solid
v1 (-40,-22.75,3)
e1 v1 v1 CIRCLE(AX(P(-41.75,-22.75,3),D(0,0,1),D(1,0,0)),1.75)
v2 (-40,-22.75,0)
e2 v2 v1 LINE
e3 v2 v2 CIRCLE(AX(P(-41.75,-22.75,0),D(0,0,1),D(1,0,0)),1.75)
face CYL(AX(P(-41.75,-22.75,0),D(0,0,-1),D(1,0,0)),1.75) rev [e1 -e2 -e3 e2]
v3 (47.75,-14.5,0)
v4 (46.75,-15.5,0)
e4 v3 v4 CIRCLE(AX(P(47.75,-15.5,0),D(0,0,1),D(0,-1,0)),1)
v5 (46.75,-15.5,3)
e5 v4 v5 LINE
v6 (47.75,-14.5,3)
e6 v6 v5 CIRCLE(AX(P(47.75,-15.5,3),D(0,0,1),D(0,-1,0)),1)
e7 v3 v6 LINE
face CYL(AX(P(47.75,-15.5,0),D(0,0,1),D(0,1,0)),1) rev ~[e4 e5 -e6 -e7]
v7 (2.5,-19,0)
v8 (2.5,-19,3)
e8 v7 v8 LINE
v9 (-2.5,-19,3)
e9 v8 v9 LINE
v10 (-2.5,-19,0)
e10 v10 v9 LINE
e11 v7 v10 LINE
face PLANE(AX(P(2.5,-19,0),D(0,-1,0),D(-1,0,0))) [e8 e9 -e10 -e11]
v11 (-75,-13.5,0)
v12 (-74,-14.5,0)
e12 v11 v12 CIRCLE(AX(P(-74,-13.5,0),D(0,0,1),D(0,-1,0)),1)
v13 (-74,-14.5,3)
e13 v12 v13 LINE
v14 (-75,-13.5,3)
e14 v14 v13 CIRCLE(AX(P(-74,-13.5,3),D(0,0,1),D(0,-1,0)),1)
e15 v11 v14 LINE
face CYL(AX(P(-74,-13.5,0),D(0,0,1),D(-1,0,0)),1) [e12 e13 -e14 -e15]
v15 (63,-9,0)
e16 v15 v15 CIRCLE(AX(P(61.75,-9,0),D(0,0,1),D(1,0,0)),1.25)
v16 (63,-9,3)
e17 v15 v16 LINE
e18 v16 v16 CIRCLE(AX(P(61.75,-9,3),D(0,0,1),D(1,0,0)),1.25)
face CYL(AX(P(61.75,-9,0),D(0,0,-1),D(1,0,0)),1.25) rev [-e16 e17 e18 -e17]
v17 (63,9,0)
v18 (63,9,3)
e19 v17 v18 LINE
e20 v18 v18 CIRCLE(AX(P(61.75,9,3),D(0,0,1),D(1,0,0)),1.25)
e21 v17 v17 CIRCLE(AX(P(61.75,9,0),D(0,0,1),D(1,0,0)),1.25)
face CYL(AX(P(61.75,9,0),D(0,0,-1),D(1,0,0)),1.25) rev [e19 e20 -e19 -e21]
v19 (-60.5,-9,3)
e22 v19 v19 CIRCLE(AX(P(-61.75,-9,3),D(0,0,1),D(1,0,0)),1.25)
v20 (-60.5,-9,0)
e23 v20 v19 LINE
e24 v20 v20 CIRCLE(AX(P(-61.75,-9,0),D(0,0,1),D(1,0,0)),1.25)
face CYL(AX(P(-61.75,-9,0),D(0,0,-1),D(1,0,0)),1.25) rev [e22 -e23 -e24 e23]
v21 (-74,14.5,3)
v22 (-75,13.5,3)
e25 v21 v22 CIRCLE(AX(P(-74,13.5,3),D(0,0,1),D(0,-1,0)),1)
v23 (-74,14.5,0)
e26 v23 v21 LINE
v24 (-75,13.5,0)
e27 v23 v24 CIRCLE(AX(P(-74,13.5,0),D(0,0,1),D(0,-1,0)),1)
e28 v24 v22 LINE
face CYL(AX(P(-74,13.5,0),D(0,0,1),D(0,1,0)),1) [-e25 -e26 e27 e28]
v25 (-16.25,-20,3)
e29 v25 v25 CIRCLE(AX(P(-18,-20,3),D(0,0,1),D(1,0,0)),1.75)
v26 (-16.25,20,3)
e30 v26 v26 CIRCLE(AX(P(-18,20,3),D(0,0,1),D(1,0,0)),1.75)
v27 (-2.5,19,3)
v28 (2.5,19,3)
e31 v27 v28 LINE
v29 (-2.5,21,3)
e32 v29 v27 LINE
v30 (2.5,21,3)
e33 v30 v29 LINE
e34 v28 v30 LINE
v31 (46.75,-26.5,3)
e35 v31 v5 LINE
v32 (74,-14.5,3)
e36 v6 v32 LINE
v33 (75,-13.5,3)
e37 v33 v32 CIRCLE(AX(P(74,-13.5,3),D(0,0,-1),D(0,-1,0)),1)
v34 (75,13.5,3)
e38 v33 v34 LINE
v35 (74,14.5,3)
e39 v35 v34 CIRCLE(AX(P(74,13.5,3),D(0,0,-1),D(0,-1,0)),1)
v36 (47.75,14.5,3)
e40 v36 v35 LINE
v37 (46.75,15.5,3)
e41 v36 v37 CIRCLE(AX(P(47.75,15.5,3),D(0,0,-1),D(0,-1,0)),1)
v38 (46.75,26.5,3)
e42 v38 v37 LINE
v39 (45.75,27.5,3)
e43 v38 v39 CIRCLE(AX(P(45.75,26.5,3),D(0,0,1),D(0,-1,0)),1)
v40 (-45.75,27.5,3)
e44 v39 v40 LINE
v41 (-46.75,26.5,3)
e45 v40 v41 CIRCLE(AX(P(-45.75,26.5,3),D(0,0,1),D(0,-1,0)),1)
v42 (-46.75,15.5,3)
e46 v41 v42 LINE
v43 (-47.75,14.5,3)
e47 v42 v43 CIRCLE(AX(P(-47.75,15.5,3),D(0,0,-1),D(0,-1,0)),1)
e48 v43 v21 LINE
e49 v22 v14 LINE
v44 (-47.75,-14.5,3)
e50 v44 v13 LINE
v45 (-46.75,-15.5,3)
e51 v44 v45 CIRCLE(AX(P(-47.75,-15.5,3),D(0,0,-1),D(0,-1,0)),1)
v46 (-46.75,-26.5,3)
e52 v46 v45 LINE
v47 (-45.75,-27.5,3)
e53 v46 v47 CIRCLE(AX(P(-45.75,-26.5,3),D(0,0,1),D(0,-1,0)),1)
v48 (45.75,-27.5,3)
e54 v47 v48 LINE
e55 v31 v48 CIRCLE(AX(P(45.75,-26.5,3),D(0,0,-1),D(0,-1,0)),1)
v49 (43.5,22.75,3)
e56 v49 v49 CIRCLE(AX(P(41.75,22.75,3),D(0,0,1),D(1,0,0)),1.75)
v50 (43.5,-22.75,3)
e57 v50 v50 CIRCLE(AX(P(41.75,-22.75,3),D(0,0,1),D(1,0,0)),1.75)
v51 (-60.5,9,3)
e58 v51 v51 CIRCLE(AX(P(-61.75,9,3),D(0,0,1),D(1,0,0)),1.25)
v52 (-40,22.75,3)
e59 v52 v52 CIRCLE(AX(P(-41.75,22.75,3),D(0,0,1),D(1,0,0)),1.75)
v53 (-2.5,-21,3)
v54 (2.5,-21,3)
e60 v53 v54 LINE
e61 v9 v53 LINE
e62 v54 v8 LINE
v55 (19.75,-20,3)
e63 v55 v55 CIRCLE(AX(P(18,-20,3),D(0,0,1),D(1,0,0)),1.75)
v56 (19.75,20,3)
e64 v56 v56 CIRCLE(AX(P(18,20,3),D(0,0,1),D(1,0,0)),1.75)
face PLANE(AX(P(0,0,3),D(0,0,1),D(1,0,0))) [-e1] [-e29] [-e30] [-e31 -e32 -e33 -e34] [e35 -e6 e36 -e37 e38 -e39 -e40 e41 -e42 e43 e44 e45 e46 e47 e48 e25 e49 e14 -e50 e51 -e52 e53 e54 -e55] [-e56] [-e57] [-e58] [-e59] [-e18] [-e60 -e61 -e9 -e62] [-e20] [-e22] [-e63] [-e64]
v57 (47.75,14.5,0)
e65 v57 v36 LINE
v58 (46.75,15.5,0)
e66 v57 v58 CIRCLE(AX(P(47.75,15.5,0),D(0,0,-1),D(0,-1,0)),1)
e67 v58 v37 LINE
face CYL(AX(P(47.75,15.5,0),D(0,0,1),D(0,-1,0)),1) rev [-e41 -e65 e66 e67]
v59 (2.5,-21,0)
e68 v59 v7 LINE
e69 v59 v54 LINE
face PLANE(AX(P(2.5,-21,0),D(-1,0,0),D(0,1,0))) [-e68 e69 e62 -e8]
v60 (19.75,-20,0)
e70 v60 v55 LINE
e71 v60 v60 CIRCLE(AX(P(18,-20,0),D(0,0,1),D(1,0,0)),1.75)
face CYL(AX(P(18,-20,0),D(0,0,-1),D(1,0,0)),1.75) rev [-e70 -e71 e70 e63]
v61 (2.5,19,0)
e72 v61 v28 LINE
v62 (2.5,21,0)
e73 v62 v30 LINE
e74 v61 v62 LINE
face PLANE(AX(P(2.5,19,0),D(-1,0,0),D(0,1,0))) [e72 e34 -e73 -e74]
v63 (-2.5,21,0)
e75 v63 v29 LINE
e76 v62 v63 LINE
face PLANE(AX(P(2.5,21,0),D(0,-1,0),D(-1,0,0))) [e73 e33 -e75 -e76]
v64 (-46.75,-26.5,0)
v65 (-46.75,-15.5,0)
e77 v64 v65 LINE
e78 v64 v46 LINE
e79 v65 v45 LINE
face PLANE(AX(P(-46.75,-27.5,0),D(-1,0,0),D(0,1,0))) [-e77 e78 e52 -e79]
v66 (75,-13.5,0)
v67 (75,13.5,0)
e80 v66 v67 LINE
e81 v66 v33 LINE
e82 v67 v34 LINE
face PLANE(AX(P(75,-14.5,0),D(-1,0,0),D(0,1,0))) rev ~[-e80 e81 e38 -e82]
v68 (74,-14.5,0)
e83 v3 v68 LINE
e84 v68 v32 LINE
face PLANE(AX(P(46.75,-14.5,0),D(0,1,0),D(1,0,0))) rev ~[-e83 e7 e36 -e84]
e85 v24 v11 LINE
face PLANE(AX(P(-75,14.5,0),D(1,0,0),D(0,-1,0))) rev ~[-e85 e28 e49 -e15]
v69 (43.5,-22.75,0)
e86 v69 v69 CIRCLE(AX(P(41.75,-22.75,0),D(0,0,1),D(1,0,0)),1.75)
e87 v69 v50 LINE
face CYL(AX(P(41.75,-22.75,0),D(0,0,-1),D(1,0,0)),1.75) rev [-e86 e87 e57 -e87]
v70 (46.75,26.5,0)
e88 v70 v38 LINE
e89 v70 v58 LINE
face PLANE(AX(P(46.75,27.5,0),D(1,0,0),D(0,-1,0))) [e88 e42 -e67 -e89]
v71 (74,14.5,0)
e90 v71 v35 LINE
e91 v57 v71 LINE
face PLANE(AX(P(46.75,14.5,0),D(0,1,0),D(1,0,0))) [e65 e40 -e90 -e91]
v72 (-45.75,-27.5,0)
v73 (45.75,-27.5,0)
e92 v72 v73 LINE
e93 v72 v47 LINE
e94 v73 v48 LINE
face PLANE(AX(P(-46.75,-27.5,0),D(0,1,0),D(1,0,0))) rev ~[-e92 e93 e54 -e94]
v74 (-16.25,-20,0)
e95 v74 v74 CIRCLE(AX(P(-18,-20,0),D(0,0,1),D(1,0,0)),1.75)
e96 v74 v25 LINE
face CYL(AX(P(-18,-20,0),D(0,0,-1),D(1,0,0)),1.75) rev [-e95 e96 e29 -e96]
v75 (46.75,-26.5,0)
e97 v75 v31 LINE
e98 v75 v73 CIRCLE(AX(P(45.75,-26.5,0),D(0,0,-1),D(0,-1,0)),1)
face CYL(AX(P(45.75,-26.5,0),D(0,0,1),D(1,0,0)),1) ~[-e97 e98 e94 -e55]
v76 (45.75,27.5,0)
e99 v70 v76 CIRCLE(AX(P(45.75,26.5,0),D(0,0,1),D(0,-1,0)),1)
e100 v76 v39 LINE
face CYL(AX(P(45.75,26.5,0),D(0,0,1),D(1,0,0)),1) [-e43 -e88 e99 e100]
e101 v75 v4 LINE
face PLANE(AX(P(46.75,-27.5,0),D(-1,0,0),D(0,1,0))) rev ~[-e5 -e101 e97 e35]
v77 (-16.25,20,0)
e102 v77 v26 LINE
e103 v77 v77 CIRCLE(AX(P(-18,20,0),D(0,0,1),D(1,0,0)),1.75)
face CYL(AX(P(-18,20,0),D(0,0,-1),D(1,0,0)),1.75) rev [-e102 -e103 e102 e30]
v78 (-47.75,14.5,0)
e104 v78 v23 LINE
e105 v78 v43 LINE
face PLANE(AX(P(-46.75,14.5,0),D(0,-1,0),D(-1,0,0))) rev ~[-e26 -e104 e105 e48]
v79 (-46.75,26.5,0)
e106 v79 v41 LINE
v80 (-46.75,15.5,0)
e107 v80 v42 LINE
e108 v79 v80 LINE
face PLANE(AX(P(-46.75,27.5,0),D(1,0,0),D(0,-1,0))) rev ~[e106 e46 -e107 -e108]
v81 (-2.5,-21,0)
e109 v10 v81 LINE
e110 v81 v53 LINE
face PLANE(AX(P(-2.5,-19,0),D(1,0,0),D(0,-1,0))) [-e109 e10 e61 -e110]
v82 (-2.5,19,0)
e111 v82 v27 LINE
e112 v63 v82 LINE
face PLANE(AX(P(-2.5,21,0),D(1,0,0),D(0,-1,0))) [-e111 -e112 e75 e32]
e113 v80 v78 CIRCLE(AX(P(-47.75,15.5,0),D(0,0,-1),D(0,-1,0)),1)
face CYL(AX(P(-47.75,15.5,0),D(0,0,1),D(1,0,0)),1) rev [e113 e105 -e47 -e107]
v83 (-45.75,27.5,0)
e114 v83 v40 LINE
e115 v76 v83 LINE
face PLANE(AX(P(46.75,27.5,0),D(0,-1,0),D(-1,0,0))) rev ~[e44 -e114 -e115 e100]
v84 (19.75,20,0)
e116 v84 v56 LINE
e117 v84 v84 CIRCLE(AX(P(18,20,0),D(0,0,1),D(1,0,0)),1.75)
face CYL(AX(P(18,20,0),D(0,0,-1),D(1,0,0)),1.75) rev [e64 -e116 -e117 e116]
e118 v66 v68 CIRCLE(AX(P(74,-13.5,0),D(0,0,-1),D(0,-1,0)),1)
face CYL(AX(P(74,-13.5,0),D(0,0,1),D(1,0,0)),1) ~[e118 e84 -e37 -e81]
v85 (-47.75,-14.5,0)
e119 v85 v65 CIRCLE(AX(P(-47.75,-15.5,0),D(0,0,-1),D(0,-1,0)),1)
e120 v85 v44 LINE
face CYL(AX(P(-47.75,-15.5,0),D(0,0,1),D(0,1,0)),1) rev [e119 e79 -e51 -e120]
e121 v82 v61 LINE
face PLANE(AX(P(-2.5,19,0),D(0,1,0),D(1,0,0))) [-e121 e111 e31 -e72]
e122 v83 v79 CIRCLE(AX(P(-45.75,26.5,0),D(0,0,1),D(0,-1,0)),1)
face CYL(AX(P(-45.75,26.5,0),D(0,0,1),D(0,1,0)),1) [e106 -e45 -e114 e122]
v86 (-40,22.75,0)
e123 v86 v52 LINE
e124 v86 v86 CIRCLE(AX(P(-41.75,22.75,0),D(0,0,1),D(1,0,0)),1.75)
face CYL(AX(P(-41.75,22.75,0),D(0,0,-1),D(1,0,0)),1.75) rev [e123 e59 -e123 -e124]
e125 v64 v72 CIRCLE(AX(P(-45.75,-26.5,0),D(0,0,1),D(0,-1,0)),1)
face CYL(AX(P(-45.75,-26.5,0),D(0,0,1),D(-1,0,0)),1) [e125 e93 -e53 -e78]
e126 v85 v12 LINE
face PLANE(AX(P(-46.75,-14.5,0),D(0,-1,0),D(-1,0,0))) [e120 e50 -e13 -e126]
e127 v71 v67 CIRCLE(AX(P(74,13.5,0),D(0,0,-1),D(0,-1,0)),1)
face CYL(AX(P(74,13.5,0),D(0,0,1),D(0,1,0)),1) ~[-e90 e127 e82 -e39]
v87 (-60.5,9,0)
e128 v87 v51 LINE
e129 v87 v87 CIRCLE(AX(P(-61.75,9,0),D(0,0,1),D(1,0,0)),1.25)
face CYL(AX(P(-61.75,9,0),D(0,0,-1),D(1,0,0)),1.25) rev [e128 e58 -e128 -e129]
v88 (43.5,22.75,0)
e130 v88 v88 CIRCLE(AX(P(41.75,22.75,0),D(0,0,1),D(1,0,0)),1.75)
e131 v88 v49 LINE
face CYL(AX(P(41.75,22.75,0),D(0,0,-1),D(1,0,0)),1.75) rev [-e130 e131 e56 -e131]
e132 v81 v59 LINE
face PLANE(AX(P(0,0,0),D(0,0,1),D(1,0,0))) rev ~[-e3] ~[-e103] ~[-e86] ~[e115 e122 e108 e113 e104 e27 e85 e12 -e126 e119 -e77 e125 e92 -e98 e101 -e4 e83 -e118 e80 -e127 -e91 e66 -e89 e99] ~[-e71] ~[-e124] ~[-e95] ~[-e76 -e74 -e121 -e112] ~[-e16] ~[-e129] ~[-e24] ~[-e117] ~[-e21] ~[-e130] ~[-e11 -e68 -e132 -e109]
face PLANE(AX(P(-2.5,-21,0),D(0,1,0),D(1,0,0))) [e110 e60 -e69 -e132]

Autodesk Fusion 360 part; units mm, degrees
sketch "Sketch1" plane through (0, 0, 0) normal (0, 0, 1) x (1, 0, 0)
  line L0 (46.75, 27.5) -> (-46.75, 27.5)
  line L1 (-75, 14.5) -> (-75, -14.5)
  line L2 (-46.75, -27.5) -> (46.75, -27.5)
  line L3 (75, -14.5) -> (75, 14.5)
  line L4 (75, 27.5) -> (-75, -27.5) construction
  line L5 (-75, 27.5) -> (75, -27.5) construction
  line L6 (-46.75, 27.5) -> (-46.75, 14.5)
  line L7 (-46.75, 14.5) -> (-75, 14.5)
  line L8 (46.75, 27.5) -> (46.75, 14.5)
  line L9 (46.75, 14.5) -> (75, 14.5)
  line L10 (-46.75, -27.5) -> (-46.75, -14.5)
  line L11 (-46.75, -14.5) -> (-75, -14.5)
  line L12 (46.75, -27.5) -> (46.75, -14.5)
  line L13 (46.75, -14.5) -> (75, -14.5)
  circle A0 centre (-41.75, 22.75) radius 1.75
  circle A1 centre (41.75, 22.75) radius 1.75
  circle A2 centre (-41.75, -22.75) radius 1.75
  circle A3 centre (41.75, -22.75) radius 1.75
  circle A4 centre (-61.75, 9) radius 1.25
  circle A5 centre (-61.75, -9) radius 1.25
  circle A6 centre (61.75, 9) radius 1.25
  circle A7 centre (61.75, -9) radius 1.25
  circle A8 centre (-18, 20) radius 1.75
  circle A9 centre (18, 20) radius 1.75
  circle A10 centre (-18, -20) radius 1.75
  circle A11 centre (18, -20) radius 1.75
  line L14 (2.5, 21) -> (-2.5, 21)
  line L15 (-2.5, 21) -> (-2.5, 19)
  line L16 (-2.5, 19) -> (2.5, 19)
  line L17 (2.5, 19) -> (2.5, 21)
  line L18 (2.5, 21) -> (-2.5, 19) construction
  line L19 (-2.5, 21) -> (2.5, 19) construction
  line L20 (2.5, -19) -> (-2.5, -19)
  line L21 (-2.5, -19) -> (-2.5, -21)
  line L22 (-2.5, -21) -> (2.5, -21)
  line L23 (2.5, -21) -> (2.5, -19)
  line L24 (2.5, -19) -> (-2.5, -21) construction
  line L25 (-2.5, -19) -> (2.5, -21) construction
  point P0 (0, 20)
  point P1 (0, -20)
  dimension "d1" = 150
  dimension "d2" = 55
  dimension "d3" = 28.25
  dimension "d4" = 13
  dimension "d5" = 28.25
  dimension "d6" = 13
  dimension "d7" = 28.25
  dimension "d8" = 13
  dimension "d9" = 28.25
  dimension "d10" = 13
  dimension "d11" = 3.5
  dimension "d12" = 3.5
  dimension "d13" = 3.5
  dimension "d14" = 3.5
  dimension "d15" = 2.5
  dimension "d16" = 2.5
  dimension "d17" = 2.5
  dimension "d18" = 2.5
  dimension "d19" = 4.75
  dimension "d20" = 5
  dimension "d21" = 5
  dimension "d22" = 4.75
  dimension "d23" = 5
  dimension "d24" = 4.75
  dimension "d25" = 4.75
  dimension "d26" = 5
  dimension "d29" = 13.25
  dimension "d30" = 13.25
  dimension "d33" = 13.25
  dimension "d34" = 13.25
  dimension "d35" = 18
  dimension "d36" = 18
  dimension "d37" = 3.5
  dimension "d38" = 3.5
  dimension "d39" = 3.5
  dimension "d40" = 3.5
  dimension "d41" = 7.5
  dimension "d42" = 7.5
  dimension "d45" = 7.5
  dimension "d46" = 7.5
  dimension "d49" = 5
  dimension "d50" = 2
  dimension "d51" = 5
  dimension "d52" = 2
extrude "Extrude1" add sketch "Sketch1" along normal blind 3
fillet "Fillet1" radius 1 4 edges at (46.75, -27.5, 1.5) (46.75, -14.5, 1.5) (75, -14.5, 1.5) (75, 14.5, 1.5)
fillet "Fillet2" radius 1 8 edges at (46.75, 14.5, 1.5) (46.75, 27.5, 1.5) (-46.75, 27.5, 1.5) (-75, 14.5, 1.5) (-46.75, 14.5, 1.5) (-75, -14.5, 1.5) (-46.75, -27.5, 1.5) (-46.75, -14.5, 1.5)
